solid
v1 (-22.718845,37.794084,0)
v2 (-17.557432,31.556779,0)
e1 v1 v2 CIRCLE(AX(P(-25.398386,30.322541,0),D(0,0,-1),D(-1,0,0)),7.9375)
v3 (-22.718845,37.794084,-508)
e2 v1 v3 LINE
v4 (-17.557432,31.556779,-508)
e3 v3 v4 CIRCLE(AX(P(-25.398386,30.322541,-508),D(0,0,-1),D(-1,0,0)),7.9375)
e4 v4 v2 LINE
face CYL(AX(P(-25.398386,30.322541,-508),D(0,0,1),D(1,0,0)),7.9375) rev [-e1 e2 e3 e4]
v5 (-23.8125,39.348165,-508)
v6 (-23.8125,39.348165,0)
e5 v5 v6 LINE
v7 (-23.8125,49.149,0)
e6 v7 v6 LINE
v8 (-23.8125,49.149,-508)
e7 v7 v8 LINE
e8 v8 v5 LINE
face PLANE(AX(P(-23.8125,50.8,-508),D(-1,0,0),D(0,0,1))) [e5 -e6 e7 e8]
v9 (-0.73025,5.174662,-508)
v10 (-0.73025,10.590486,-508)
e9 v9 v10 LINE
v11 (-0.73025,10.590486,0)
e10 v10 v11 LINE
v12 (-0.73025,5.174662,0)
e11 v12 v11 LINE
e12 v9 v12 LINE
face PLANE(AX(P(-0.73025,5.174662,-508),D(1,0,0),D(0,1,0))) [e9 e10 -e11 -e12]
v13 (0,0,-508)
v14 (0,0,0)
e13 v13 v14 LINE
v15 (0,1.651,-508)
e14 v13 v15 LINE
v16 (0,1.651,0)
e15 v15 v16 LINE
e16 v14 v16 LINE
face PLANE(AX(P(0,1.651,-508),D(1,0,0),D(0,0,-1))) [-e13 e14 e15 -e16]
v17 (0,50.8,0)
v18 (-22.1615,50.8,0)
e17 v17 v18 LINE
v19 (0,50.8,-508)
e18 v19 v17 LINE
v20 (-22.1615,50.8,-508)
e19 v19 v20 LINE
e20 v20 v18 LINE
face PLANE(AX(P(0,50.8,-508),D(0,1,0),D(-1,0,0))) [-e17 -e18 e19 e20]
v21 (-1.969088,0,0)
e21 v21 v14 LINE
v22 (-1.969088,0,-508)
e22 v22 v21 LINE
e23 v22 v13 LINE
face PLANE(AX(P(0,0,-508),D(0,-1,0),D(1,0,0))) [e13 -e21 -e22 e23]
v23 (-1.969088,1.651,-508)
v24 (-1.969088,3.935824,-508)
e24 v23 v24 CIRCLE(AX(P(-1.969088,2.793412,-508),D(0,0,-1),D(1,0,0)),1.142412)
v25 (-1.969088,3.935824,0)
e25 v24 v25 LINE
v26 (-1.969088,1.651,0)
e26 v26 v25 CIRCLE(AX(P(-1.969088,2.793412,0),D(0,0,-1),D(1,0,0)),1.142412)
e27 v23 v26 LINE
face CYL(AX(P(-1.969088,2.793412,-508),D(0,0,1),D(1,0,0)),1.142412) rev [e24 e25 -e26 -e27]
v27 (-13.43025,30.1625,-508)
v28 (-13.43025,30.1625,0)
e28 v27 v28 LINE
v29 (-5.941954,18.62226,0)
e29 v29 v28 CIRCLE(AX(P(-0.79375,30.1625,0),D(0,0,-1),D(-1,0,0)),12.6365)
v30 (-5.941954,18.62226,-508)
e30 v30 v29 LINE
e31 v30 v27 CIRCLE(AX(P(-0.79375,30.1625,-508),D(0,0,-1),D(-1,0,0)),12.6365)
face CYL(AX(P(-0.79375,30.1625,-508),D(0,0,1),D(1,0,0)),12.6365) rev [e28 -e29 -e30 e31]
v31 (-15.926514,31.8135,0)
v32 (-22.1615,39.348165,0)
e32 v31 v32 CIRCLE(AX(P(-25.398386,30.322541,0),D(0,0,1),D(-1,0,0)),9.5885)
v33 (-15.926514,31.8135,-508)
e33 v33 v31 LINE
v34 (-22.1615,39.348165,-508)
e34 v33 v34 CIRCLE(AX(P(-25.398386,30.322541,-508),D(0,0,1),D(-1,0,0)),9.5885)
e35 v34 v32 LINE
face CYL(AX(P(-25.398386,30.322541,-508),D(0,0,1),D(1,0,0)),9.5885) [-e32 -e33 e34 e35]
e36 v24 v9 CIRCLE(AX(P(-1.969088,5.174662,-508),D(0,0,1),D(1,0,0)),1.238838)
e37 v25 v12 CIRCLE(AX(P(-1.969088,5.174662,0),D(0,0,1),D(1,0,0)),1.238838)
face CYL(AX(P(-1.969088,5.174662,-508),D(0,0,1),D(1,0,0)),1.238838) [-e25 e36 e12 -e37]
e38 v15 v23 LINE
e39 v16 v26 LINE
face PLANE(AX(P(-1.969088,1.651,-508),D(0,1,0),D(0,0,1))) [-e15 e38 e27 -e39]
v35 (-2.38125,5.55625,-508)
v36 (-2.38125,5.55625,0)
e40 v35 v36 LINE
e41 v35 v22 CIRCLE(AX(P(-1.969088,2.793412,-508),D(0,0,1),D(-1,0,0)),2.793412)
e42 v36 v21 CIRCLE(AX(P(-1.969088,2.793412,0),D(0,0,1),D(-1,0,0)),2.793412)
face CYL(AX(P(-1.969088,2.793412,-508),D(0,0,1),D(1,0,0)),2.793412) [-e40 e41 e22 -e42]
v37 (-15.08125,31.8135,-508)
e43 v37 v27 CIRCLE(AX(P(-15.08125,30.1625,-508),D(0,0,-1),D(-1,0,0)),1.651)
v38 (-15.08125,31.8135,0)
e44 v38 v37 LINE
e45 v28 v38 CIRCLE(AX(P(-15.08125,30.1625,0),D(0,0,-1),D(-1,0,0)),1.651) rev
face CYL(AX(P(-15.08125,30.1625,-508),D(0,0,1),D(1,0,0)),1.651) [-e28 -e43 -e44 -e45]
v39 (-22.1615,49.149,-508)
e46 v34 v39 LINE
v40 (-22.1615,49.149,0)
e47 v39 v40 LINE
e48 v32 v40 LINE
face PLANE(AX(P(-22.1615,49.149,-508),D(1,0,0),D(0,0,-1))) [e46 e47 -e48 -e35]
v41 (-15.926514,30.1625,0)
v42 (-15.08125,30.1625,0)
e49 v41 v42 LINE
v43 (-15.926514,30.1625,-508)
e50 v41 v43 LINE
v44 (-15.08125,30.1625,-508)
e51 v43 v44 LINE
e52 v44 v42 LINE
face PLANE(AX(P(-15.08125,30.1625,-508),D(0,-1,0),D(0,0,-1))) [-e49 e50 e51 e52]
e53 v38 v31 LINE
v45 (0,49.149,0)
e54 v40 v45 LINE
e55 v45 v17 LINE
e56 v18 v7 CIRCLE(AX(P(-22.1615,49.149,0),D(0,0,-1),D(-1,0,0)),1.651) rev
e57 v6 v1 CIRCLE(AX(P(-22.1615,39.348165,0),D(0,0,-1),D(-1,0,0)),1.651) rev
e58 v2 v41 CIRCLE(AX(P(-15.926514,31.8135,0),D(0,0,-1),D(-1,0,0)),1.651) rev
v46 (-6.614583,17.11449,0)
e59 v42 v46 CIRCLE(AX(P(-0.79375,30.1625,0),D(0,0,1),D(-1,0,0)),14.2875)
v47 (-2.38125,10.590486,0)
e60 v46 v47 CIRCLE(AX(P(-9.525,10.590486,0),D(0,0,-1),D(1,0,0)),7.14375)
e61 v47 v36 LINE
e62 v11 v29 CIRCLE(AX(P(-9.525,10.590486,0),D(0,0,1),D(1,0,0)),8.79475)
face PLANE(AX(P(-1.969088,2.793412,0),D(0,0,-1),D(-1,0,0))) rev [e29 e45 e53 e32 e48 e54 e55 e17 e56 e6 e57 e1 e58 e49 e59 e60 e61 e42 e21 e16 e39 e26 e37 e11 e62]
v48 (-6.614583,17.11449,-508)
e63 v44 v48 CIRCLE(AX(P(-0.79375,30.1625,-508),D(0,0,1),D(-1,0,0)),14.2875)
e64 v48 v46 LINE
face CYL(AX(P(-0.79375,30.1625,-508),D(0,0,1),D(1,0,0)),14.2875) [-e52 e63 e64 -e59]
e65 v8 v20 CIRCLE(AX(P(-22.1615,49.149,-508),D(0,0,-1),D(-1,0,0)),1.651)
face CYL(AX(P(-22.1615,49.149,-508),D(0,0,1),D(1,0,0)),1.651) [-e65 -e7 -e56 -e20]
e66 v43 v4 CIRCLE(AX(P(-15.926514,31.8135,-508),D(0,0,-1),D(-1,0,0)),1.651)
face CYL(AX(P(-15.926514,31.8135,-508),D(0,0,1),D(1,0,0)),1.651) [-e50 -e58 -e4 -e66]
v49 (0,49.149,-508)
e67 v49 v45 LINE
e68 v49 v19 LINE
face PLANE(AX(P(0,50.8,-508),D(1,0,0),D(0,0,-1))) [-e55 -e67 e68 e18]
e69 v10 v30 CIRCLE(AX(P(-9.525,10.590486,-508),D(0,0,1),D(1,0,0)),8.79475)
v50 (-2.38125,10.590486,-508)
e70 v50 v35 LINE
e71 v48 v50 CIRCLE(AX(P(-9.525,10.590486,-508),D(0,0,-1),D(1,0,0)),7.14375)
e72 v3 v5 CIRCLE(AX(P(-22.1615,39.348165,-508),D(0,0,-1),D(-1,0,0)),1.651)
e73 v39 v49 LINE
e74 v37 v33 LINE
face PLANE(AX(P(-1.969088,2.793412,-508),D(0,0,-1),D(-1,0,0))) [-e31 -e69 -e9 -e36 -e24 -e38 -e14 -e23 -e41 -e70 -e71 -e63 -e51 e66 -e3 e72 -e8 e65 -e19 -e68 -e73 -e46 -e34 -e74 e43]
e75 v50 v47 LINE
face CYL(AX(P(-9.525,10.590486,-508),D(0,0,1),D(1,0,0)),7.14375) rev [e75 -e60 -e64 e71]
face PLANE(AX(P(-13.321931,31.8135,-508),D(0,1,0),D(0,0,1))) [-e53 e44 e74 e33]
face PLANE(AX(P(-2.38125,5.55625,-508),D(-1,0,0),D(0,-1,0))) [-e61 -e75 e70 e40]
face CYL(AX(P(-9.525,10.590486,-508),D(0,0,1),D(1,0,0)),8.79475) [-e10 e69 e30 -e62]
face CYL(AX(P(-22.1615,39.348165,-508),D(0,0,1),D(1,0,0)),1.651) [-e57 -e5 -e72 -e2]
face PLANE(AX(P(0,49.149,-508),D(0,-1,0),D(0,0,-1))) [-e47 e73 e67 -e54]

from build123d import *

# Parameters (mm, degrees)
BOSS_EXTRUDE1_DEPTH = 508
FILLET1_R           = 1.651


with BuildPart() as part:
    # Sketch1 → Boss-Extrude1 (new body)
    with BuildSketch(Plane.XY):
        with BuildLine():
            Line((0, 0), (-1.969087929, 0))
            ThreePointArc((-1.969087929, 0), (-4.754845979, 2.586764816), (-2.38125, 5.55625))
            Line((-2.38125, 5.55625), (-2.38125, 10.590485541))
            ThreePointArc((-2.38125, 10.590485541), (-3.532318917, 14.479050507), (-6.614583333, 17.11449036))
            ThreePointArc((-6.614583333, 17.11449036), (-12.779112166, 22.385370067), (-15.08125, 30.1625))
            Line((-15.08125, 30.1625), (-17.4625, 30.1625))
            ThreePointArc((-17.4625, 30.1625), (-19.200240239, 35.281057809), (-23.8125, 38.1))
            Line((-23.8125, 38.1), (-23.8125, 50.8))
            Line((-23.8125, 50.8), (0, 50.8))
            Line((0, 50.8), (0, 49.149))
            Line((0, 49.149), (-22.1615, 49.149))
            Line((-22.1615, 49.149), (-22.1615, 39.348165423))
            ThreePointArc((-22.1615, 39.348165423), (-18.011172085, 36.435510418), (-15.926513678, 31.8135))
            Line((-15.926513678, 31.8135), (-13.321931482, 31.8135))
            ThreePointArc((-13.321931482, 31.8135), (-11.821707612, 23.992793107), (-5.941953704, 18.622260363))
            ThreePointArc((-5.941953704, 18.622260363), (-2.147343733, 15.377741077), (-0.73025, 10.590485541))
            Line((-0.73025, 10.590485541), (-0.73025, 5.174662071))
            ThreePointArc((-0.73025, 5.174662071), (-1.093097229, 4.29867137), (-1.969087929, 3.935824141))
            ThreePointArc((-1.969087929, 3.935824141), (-3.1115, 2.793412071), (-1.969087929, 1.651))
            Line((-1.969087929, 1.651), (0, 1.651))
            Line((0, 1.651), (0, 0))
        make_face()
    extrude(amount=-BOSS_EXTRUDE1_DEPTH)

    # Fillet1
    fillet1_edges = [part.edges().sort_by_distance(p)[0] for p in [
        (-17.4625, 30.1625, -254),
        (-23.8125, 38.1, -254),
        (-23.8125, 50.8, -254),
        (-13.321931482, 31.8135, -254),
    ]]
    fillet(fillet1_edges, radius=FILLET1_R)


solid = part.part
